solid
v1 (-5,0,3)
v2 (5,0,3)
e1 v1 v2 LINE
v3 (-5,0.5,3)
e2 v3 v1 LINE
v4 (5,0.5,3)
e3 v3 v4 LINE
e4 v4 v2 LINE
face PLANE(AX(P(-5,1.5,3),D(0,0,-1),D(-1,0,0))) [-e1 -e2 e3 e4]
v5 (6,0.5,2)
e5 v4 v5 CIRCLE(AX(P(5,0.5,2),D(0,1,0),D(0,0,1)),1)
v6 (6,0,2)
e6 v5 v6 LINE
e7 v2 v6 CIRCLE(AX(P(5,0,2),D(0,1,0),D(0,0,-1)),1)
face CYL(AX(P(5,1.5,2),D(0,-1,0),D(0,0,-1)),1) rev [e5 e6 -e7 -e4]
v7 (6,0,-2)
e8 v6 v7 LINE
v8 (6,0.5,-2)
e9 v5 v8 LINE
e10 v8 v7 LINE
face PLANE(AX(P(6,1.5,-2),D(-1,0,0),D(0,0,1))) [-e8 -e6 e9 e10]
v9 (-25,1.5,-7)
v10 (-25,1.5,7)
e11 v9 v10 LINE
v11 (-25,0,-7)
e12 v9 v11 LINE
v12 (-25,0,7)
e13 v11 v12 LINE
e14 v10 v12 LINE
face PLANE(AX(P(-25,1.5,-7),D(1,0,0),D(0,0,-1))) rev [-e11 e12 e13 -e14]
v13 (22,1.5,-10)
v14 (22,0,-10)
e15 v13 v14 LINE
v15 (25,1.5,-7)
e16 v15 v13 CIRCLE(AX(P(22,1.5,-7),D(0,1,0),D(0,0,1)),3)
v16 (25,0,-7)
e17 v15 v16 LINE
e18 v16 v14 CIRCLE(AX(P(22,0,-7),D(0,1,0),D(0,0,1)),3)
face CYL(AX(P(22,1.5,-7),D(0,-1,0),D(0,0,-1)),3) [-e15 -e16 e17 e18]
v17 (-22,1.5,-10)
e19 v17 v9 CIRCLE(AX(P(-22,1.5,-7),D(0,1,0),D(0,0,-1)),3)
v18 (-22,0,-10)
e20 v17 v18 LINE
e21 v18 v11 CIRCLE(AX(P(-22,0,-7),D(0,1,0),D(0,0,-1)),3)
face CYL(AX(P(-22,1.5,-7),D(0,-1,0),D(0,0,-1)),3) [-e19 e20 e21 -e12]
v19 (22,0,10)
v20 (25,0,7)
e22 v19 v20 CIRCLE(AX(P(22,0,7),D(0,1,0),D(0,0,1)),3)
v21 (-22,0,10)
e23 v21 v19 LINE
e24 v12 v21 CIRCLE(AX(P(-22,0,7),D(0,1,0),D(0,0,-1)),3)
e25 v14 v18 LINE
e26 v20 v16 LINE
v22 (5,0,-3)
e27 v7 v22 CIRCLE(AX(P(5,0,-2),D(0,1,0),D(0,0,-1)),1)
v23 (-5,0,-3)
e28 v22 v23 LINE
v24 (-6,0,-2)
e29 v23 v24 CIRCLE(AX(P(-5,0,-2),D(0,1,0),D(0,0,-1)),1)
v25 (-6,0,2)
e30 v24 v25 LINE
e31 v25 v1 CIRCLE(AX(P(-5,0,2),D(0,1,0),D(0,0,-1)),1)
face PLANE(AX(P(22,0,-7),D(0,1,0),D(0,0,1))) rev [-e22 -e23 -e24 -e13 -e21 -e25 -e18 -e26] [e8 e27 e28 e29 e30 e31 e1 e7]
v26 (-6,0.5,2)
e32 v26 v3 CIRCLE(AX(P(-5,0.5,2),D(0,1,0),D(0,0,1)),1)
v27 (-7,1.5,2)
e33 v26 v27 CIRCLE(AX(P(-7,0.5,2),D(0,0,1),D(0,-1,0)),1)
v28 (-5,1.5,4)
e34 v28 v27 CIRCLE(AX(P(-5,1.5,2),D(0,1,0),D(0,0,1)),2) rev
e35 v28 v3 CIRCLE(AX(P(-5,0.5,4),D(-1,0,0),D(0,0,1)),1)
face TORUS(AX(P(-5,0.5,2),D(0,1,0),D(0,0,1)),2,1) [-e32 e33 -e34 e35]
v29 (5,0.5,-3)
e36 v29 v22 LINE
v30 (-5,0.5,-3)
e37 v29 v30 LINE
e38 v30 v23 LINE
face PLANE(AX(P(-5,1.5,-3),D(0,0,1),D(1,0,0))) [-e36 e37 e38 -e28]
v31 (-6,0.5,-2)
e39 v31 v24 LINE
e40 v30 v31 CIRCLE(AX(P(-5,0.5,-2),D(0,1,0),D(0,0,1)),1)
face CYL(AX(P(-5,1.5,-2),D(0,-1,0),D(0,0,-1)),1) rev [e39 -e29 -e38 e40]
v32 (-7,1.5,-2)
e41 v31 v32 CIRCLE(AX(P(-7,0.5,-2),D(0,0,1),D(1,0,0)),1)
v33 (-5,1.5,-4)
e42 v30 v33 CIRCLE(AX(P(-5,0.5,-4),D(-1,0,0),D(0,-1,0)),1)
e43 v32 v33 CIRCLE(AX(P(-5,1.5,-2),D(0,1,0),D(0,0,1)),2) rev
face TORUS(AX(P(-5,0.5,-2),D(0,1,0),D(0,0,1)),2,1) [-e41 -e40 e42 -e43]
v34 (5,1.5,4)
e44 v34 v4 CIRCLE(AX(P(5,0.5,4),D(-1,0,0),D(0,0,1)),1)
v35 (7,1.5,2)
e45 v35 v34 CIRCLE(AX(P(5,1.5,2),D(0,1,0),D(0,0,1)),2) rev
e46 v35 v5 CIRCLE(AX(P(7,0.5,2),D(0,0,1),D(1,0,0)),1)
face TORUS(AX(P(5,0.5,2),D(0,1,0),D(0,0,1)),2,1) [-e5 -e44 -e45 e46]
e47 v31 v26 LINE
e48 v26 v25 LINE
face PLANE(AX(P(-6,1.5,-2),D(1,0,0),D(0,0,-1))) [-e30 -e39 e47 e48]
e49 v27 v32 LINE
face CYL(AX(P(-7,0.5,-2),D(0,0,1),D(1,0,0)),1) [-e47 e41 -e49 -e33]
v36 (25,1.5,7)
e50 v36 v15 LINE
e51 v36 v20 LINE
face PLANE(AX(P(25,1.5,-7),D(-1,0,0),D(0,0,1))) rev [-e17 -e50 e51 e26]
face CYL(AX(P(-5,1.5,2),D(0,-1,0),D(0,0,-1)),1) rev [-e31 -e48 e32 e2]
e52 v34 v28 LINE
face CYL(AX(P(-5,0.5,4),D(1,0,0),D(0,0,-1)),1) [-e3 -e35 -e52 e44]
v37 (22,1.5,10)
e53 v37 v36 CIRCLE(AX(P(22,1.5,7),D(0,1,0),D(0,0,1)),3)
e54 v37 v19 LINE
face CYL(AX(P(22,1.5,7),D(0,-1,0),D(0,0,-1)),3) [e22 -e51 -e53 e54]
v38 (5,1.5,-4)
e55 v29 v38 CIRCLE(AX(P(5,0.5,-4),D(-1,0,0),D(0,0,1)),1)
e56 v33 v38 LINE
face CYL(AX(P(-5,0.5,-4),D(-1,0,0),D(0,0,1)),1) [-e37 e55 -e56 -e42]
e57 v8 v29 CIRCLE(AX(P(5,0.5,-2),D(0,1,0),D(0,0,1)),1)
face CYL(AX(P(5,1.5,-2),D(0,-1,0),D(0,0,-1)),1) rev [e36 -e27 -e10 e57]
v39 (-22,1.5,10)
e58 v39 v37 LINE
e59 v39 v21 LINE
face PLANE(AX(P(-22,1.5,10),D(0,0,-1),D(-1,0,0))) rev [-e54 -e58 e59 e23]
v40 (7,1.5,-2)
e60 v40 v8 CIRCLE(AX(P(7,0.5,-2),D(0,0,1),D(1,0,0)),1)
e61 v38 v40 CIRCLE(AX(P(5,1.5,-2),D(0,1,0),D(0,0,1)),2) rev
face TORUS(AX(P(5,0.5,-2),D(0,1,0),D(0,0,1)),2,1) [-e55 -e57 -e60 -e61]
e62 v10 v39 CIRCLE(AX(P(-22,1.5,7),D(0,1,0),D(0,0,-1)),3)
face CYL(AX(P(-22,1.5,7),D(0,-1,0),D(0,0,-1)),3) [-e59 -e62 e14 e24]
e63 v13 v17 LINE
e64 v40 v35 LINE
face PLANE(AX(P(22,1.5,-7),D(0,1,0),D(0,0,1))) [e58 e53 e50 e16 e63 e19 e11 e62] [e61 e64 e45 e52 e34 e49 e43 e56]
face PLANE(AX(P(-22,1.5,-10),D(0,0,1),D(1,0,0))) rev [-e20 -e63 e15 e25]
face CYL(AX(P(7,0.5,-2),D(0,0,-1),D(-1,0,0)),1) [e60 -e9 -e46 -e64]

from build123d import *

# Parameters (mm, degrees)
BOSS_EXTRUDE1_DEPTH = 1.5
FILLET1_R           = 1


with BuildPart() as part:
    # Sketch1 → Boss-Extrude1 (new body)
    with BuildSketch(Plane(origin=(0, 0, 0), x_dir=(1, 0, 0), z_dir=(0, 1, 0))):
        with BuildLine():
            Line((-22, 10), (22, 10))
            ThreePointArc((22, 10), (24.121320344, 9.121320344), (25, 7))
            Line((25, 7), (25, -7))
            ThreePointArc((25, -7), (24.121320344, -9.121320344), (22, -10))
            Line((22, -10), (-22, -10))
            ThreePointArc((-22, -10), (-24.121320344, -9.121320344), (-25, -7))
            Line((-25, -7), (-25, 7))
            ThreePointArc((-25, 7), (-24.121320344, 9.121320344), (-22, 10))
        make_face()
        with BuildLine():
            Line((-5, 3), (5, 3))
            ThreePointArc((5, 3), (5.707106781, 2.707106781), (6, 2))
            Line((6, 2), (6, -2))
            ThreePointArc((6, -2), (5.707106781, -2.707106781), (5, -3))
            Line((5, -3), (-5, -3))
            ThreePointArc((-5, -3), (-5.707106781, -2.707106781), (-6, -2))
            Line((-6, -2), (-6, 2))
            ThreePointArc((-6, 2), (-5.707106781, 2.707106781), (-5, 3))
        make_face(mode=Mode.SUBTRACT)
    extrude(amount=BOSS_EXTRUDE1_DEPTH)

    # Fillet1
    fillet1_edges = [part.edges().sort_by_distance(p)[0] for p in [
        (5.707106781, 1.5, -2.707106781),
        (0, 1.5, -3),
        (-5.707106781, 1.5, -2.707106781),
        (-6, 1.5, 0),
        (-5.707106781, 1.5, 2.707106781),
        (0, 1.5, 3),
        (5.707106781, 1.5, 2.707106781),
        (6, 1.5, 0),
    ]]
    fillet(fillet1_edges, radius=FILLET1_R)


solid = part.part
